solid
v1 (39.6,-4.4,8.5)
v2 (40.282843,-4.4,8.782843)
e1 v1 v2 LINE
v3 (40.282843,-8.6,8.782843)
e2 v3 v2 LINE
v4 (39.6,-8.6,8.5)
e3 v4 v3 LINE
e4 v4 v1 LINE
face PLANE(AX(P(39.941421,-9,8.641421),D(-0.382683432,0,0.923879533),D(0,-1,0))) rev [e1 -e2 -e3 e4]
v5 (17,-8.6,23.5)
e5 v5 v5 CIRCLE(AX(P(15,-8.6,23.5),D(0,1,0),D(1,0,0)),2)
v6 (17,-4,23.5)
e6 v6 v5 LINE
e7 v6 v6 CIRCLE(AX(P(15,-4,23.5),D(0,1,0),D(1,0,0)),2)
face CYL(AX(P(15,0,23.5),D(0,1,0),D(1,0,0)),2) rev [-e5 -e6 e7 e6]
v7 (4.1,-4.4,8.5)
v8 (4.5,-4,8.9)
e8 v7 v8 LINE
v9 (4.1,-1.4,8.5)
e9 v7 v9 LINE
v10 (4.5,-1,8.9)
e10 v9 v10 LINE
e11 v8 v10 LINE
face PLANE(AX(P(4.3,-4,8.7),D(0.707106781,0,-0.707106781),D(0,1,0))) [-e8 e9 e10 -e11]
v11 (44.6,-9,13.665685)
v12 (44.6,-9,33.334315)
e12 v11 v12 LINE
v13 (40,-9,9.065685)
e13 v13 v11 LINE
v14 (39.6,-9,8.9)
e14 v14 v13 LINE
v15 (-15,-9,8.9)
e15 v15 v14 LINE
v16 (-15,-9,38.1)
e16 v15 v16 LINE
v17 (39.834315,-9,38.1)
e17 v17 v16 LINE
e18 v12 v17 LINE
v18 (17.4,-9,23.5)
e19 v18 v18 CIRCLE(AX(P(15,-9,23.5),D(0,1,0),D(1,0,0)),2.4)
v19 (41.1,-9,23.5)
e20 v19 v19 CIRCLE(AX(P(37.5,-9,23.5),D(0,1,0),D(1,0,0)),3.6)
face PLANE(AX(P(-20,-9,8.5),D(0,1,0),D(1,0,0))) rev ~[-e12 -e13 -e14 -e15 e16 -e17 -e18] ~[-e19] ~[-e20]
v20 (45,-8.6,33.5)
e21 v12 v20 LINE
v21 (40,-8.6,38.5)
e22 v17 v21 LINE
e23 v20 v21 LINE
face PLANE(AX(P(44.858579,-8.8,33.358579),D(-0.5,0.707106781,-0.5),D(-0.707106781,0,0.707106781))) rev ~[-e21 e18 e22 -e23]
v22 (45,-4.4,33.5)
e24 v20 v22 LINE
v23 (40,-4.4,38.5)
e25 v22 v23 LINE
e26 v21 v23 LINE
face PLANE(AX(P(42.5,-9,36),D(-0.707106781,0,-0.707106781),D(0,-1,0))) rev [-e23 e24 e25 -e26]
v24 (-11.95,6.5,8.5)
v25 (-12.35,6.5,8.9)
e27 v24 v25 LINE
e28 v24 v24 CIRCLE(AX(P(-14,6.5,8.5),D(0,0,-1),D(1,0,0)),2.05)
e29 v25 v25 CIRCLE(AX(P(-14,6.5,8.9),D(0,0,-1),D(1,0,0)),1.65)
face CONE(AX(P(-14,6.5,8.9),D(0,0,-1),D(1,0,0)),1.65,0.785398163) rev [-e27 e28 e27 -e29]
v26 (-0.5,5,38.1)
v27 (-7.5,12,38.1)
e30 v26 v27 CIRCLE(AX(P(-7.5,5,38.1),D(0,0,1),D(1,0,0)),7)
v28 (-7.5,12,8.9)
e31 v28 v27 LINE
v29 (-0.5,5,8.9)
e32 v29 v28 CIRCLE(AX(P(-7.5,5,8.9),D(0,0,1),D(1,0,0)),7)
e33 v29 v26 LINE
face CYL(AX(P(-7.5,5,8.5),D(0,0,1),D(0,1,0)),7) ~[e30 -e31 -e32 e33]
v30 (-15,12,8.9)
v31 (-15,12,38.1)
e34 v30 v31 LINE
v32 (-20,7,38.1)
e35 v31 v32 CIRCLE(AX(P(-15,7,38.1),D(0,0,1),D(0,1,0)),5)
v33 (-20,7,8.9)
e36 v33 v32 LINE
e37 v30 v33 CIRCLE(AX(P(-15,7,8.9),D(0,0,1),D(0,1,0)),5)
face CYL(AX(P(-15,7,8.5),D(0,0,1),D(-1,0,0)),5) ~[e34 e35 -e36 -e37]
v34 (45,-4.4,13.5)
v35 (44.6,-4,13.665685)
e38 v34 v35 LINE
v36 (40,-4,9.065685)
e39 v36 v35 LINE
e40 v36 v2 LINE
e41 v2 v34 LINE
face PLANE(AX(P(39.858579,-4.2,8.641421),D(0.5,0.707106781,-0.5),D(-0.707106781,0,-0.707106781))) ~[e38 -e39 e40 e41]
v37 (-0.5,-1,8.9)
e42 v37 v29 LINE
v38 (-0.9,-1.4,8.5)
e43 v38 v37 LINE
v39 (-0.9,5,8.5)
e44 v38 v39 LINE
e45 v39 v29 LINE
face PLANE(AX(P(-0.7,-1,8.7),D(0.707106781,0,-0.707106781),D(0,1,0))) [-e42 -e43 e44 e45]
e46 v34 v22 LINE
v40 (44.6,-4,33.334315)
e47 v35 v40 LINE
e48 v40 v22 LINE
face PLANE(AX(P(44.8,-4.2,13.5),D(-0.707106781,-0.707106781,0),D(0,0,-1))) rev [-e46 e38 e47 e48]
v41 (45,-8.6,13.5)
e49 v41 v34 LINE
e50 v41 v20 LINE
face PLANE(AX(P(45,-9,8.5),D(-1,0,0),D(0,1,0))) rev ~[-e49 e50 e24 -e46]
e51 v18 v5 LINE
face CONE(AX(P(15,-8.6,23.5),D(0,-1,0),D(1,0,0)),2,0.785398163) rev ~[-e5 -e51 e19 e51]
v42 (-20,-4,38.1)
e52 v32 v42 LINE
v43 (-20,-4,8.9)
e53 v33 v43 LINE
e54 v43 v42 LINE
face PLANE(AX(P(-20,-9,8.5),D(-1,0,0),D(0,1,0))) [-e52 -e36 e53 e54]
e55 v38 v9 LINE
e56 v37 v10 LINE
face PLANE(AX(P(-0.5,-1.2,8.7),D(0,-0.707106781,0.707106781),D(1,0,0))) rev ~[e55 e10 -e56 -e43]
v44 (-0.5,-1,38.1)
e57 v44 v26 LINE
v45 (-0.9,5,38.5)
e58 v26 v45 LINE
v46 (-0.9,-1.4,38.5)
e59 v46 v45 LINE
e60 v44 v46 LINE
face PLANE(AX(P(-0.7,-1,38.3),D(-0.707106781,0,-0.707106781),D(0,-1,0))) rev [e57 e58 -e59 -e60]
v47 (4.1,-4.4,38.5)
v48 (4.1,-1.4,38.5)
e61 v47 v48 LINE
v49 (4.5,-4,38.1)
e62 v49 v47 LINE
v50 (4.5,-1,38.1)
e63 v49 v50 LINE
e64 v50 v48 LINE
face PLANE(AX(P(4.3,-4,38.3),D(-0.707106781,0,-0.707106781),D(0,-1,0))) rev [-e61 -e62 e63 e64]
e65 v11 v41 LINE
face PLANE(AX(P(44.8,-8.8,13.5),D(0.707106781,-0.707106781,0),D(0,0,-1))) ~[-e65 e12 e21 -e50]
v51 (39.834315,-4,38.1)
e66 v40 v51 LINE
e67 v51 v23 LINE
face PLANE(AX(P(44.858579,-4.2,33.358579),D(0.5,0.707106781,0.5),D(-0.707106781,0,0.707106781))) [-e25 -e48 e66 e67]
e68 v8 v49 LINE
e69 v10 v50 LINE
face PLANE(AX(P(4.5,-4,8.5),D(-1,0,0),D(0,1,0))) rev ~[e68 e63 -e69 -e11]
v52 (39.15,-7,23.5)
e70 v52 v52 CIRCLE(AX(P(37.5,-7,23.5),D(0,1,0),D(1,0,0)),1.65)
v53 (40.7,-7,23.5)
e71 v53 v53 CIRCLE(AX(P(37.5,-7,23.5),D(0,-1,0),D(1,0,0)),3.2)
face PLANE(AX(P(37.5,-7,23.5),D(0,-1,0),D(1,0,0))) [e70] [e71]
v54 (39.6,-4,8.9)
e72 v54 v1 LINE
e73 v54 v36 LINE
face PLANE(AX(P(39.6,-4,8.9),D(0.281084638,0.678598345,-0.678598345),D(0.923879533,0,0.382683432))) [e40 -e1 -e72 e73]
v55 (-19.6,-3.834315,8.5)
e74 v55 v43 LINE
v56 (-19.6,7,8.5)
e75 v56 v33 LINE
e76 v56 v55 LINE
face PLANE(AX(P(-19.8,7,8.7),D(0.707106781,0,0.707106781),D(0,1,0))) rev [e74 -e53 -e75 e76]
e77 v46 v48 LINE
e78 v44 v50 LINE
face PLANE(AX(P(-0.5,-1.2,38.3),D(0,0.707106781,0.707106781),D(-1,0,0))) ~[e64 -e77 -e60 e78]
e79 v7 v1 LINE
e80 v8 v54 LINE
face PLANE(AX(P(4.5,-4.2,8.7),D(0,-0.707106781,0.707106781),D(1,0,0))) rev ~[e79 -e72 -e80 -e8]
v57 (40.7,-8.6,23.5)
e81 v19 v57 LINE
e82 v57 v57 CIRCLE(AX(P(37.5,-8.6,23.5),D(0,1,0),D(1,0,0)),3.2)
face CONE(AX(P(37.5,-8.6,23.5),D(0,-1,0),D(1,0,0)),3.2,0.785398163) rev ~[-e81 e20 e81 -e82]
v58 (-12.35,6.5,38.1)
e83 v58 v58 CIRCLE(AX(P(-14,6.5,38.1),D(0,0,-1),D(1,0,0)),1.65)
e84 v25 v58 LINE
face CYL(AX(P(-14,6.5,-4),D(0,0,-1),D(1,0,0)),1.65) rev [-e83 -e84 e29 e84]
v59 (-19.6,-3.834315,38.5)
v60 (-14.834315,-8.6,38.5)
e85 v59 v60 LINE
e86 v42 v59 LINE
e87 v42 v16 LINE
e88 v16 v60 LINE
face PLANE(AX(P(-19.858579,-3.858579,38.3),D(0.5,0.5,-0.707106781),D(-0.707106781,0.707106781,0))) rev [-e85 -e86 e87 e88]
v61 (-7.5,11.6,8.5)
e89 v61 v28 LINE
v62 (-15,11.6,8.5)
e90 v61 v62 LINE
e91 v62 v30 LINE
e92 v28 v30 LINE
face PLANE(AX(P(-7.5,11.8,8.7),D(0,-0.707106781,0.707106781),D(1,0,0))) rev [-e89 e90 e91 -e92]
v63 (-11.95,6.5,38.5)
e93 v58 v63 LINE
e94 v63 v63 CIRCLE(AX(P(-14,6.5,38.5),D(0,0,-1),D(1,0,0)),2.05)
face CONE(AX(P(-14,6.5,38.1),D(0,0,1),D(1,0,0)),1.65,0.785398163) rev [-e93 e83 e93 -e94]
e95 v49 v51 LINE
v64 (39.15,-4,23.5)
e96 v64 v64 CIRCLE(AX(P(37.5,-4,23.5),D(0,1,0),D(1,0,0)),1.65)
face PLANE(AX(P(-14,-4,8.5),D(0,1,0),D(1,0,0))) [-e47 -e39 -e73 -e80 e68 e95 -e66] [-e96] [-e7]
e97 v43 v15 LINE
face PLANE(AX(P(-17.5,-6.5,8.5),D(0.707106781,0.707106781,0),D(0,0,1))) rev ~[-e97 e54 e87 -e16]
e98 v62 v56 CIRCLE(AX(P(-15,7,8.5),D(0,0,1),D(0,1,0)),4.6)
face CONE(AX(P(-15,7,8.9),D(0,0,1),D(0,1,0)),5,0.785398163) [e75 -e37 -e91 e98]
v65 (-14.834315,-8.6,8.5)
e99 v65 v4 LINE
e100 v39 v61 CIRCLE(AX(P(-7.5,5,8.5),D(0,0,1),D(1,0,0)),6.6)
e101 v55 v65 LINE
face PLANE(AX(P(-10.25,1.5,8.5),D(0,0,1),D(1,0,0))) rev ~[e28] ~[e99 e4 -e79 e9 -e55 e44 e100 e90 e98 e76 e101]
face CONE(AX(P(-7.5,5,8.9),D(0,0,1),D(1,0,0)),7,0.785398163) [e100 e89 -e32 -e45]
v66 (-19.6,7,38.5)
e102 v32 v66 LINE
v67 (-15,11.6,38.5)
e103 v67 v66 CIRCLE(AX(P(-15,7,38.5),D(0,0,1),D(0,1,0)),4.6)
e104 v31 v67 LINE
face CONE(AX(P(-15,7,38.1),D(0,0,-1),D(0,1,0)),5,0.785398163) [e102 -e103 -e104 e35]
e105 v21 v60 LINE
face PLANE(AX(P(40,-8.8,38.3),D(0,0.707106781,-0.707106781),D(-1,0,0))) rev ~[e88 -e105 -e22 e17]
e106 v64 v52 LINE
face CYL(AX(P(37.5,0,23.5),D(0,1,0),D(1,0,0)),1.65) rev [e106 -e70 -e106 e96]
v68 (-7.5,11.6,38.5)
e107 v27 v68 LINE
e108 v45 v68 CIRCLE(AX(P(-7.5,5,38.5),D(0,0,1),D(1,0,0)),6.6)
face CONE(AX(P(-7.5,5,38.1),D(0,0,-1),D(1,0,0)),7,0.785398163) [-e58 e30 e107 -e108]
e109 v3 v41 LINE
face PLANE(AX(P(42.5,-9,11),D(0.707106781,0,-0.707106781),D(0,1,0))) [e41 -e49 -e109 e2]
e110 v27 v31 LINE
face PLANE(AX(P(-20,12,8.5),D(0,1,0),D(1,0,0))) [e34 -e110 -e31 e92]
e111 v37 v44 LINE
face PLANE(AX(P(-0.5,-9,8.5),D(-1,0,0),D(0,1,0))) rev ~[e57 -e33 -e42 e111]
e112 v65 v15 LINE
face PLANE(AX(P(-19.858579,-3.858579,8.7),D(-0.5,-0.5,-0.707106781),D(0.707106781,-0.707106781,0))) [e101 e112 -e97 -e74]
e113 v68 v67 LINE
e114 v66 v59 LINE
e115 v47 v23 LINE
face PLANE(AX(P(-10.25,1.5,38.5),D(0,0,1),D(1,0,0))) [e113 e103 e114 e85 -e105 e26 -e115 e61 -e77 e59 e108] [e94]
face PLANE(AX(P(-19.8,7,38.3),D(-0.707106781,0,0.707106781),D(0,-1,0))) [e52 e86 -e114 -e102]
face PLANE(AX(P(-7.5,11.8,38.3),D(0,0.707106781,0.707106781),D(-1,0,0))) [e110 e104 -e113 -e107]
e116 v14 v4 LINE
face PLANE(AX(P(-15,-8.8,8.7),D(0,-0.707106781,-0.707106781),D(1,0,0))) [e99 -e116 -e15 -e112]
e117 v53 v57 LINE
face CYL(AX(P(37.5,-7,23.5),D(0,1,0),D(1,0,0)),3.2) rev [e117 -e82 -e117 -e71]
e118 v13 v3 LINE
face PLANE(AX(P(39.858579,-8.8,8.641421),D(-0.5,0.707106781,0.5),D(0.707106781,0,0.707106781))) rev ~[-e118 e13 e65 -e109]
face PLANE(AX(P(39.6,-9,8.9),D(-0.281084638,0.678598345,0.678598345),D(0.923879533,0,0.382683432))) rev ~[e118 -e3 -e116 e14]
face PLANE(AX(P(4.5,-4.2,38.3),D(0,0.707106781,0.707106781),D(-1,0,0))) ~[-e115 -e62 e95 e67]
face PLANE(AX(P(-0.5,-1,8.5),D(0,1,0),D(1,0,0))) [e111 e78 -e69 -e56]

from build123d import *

# Parameters (mm, degrees)
CYLINDER008_R      = 1.65
CYLINDER008_DEPTH  = 10
CYLINDER009_R      = 3.2
CYLINDER009_DEPTH  = 10
CYLINDER007_R      = 2
CYLINDER007_DEPTH  = 10
CYLINDER006_R      = 1.65
CYLINDER006_DEPTH  = 50
BOX014_W           = 5
BOX014_H           = 3
BOX014_DEPTH       = 30
BOX012_W           = 19.5
BOX012_H           = 21
BOX012_DEPTH       = 30
BOX011_W           = 59
BOX011_H           = 5
BOX011_DEPTH       = 30
FILLET001_R        = 5
FILLET002_R        = 7
CHAMFER006004_SIZE = 5
CHAMFER006005_SIZE = 5
CHAMFER006006_SIZE = 0.4


with BuildPart() as cylinder008:
    # Cylinder008 → Cylinder008 (new body)
    with BuildSketch(Plane(origin=(37.5, 0, 23.5), x_dir=(1, 0, 0), z_dir=(0, -1, 0))):
        Circle(CYLINDER008_R)
    extrude(amount=CYLINDER008_DEPTH)


with BuildPart() as fusion004:
    # Cylinder009 → Cylinder009 (new body)
    with BuildSketch(Plane(origin=(37.5, -7, 23.5), x_dir=(1, 0, 0), z_dir=(0, -1, 0))):
        Circle(CYLINDER009_R)
    extrude(amount=CYLINDER009_DEPTH)

    # Fusion004: union Cylinder008
    add(cylinder008.part)


with BuildPart() as cylinder007:
    # Cylinder007 → Cylinder007 (new body)
    with BuildSketch(Plane(origin=(15, 0, 23.5), x_dir=(1, 0, 0), z_dir=(0, -1, 0))):
        Circle(CYLINDER007_R)
    extrude(amount=CYLINDER007_DEPTH)


with BuildPart() as cylinder006:
    # Cylinder006 → Cylinder006 (new body)
    with BuildSketch(Plane(origin=(-14, 6.5, -4), x_dir=(1, 0, 0), z_dir=(0, 0, 1))):
        Circle(CYLINDER006_R)
    extrude(amount=CYLINDER006_DEPTH)


with BuildPart() as cube013:
    # Box014 → Box014 (new body)
    with BuildSketch(Plane(origin=(-0.5, -4, 8.5), x_dir=(1, 0, 0), z_dir=(0, 0, 1))):
        with Locations((2.5, 1.5)):
            Rectangle(BOX014_W, BOX014_H)
    extrude(amount=BOX014_DEPTH)


with BuildPart() as cube012:
    # Box012 → Box012 (new body)
    with BuildSketch(Plane(origin=(-20, -9, 8.5), x_dir=(1, 0, 0), z_dir=(0, 0, 1))):
        with Locations((9.75, 10.5)):
            Rectangle(BOX012_W, BOX012_H)
    extrude(amount=BOX012_DEPTH)


with BuildPart() as chamfer006006:
    # Box011 → Box011 (new body)
    with BuildSketch(Plane(origin=(-14, -9, 8.5), x_dir=(1, 0, 0), z_dir=(0, 0, 1))):
        with Locations((29.5, 2.5)):
            Rectangle(BOX011_W, BOX011_H)
    extrude(amount=BOX011_DEPTH)

    # Fusion003: union Cube013, Cube012
    add(cube013.part)
    add(cube012.part)

    # Cut010011008009003016026008003006: cut Cylinder006
    add(cylinder006.part, mode=Mode.SUBTRACT)

    # Fillet001
    fillet001_edges = [chamfer006006.edges().sort_by_distance(p)[0] for p in [
        (-20, 12, 23.5),
    ]]
    fillet(fillet001_edges, radius=FILLET001_R)

    # Fillet002
    fillet002_edges = [chamfer006006.edges().sort_by_distance(p)[0] for p in [
        (-0.5, 12, 23.5),
    ]]
    fillet(fillet002_edges, radius=FILLET002_R)

    # Chamfer006004
    chamfer006004_edges = [chamfer006006.edges().sort_by_distance(p)[0] for p in [
        (-20, -9, 23.5),
    ]]
    chamfer(chamfer006004_edges, length=CHAMFER006004_SIZE)

    # Chamfer006005
    chamfer006005_edges = [chamfer006006.edges().sort_by_distance(p)[0] for p in [
        (45, -6.5, 8.5),
        (45, -6.5, 38.5),
    ]]
    chamfer(chamfer006005_edges, length=CHAMFER006005_SIZE)

    # Cut010011008009003016026008003007: cut Cylinder007
    add(cylinder007.part, mode=Mode.SUBTRACT)

    # Cut010011008009003016026008003008: cut Fusion004
    add(fusion004.part, mode=Mode.SUBTRACT)

    # Chamfer006006
    chamfer006006_edges = [chamfer006006.edges().sort_by_distance(p)[0] for p in [
        (34.3, -9, 23.5),
        (22.25, -4, 8.5),
        (42.5, -4, 11),
        (45, -4, 23.5),
        (22.25, -4, 38.5),
        (42.5, -4, 36),
        (42.5, -9, 11),
        (40, -6.5, 8.5),
        (4.5, -2.5, 38.5),
        (4.5, -2.5, 8.5),
        (45, -9, 23.5),
        (42.5, -9, 36),
        (13, -9, 23.5),
        (2, -1, 8.5),
        (2, -1, 38.5),
        (-0.5, 2, 38.5),
        (-0.5, 2, 8.5),
        (-2.550253, 9.949747, 8.5),
        (-2.550253, 9.949747, 38.5),
        (-11.25, 12, 8.5),
        (-11.25, 12, 38.5),
        (-18.535534, 10.535534, 8.5),
        (-18.535534, 10.535534, 38.5),
        (-20, 1.5, 38.5),
        (-20, 1.5, 8.5),
        (-17.5, -6.5, 8.5),
        (-17.5, -6.5, 38.5),
        (12.5, -9, 8.5),
        (-15.65, 6.5, 8.5),
        (-15.65, 6.5, 38.5),
        (12.5, -9, 38.5),
    ]]
    chamfer(chamfer006006_edges, length=CHAMFER006006_SIZE)


solid = chamfer006006.part
